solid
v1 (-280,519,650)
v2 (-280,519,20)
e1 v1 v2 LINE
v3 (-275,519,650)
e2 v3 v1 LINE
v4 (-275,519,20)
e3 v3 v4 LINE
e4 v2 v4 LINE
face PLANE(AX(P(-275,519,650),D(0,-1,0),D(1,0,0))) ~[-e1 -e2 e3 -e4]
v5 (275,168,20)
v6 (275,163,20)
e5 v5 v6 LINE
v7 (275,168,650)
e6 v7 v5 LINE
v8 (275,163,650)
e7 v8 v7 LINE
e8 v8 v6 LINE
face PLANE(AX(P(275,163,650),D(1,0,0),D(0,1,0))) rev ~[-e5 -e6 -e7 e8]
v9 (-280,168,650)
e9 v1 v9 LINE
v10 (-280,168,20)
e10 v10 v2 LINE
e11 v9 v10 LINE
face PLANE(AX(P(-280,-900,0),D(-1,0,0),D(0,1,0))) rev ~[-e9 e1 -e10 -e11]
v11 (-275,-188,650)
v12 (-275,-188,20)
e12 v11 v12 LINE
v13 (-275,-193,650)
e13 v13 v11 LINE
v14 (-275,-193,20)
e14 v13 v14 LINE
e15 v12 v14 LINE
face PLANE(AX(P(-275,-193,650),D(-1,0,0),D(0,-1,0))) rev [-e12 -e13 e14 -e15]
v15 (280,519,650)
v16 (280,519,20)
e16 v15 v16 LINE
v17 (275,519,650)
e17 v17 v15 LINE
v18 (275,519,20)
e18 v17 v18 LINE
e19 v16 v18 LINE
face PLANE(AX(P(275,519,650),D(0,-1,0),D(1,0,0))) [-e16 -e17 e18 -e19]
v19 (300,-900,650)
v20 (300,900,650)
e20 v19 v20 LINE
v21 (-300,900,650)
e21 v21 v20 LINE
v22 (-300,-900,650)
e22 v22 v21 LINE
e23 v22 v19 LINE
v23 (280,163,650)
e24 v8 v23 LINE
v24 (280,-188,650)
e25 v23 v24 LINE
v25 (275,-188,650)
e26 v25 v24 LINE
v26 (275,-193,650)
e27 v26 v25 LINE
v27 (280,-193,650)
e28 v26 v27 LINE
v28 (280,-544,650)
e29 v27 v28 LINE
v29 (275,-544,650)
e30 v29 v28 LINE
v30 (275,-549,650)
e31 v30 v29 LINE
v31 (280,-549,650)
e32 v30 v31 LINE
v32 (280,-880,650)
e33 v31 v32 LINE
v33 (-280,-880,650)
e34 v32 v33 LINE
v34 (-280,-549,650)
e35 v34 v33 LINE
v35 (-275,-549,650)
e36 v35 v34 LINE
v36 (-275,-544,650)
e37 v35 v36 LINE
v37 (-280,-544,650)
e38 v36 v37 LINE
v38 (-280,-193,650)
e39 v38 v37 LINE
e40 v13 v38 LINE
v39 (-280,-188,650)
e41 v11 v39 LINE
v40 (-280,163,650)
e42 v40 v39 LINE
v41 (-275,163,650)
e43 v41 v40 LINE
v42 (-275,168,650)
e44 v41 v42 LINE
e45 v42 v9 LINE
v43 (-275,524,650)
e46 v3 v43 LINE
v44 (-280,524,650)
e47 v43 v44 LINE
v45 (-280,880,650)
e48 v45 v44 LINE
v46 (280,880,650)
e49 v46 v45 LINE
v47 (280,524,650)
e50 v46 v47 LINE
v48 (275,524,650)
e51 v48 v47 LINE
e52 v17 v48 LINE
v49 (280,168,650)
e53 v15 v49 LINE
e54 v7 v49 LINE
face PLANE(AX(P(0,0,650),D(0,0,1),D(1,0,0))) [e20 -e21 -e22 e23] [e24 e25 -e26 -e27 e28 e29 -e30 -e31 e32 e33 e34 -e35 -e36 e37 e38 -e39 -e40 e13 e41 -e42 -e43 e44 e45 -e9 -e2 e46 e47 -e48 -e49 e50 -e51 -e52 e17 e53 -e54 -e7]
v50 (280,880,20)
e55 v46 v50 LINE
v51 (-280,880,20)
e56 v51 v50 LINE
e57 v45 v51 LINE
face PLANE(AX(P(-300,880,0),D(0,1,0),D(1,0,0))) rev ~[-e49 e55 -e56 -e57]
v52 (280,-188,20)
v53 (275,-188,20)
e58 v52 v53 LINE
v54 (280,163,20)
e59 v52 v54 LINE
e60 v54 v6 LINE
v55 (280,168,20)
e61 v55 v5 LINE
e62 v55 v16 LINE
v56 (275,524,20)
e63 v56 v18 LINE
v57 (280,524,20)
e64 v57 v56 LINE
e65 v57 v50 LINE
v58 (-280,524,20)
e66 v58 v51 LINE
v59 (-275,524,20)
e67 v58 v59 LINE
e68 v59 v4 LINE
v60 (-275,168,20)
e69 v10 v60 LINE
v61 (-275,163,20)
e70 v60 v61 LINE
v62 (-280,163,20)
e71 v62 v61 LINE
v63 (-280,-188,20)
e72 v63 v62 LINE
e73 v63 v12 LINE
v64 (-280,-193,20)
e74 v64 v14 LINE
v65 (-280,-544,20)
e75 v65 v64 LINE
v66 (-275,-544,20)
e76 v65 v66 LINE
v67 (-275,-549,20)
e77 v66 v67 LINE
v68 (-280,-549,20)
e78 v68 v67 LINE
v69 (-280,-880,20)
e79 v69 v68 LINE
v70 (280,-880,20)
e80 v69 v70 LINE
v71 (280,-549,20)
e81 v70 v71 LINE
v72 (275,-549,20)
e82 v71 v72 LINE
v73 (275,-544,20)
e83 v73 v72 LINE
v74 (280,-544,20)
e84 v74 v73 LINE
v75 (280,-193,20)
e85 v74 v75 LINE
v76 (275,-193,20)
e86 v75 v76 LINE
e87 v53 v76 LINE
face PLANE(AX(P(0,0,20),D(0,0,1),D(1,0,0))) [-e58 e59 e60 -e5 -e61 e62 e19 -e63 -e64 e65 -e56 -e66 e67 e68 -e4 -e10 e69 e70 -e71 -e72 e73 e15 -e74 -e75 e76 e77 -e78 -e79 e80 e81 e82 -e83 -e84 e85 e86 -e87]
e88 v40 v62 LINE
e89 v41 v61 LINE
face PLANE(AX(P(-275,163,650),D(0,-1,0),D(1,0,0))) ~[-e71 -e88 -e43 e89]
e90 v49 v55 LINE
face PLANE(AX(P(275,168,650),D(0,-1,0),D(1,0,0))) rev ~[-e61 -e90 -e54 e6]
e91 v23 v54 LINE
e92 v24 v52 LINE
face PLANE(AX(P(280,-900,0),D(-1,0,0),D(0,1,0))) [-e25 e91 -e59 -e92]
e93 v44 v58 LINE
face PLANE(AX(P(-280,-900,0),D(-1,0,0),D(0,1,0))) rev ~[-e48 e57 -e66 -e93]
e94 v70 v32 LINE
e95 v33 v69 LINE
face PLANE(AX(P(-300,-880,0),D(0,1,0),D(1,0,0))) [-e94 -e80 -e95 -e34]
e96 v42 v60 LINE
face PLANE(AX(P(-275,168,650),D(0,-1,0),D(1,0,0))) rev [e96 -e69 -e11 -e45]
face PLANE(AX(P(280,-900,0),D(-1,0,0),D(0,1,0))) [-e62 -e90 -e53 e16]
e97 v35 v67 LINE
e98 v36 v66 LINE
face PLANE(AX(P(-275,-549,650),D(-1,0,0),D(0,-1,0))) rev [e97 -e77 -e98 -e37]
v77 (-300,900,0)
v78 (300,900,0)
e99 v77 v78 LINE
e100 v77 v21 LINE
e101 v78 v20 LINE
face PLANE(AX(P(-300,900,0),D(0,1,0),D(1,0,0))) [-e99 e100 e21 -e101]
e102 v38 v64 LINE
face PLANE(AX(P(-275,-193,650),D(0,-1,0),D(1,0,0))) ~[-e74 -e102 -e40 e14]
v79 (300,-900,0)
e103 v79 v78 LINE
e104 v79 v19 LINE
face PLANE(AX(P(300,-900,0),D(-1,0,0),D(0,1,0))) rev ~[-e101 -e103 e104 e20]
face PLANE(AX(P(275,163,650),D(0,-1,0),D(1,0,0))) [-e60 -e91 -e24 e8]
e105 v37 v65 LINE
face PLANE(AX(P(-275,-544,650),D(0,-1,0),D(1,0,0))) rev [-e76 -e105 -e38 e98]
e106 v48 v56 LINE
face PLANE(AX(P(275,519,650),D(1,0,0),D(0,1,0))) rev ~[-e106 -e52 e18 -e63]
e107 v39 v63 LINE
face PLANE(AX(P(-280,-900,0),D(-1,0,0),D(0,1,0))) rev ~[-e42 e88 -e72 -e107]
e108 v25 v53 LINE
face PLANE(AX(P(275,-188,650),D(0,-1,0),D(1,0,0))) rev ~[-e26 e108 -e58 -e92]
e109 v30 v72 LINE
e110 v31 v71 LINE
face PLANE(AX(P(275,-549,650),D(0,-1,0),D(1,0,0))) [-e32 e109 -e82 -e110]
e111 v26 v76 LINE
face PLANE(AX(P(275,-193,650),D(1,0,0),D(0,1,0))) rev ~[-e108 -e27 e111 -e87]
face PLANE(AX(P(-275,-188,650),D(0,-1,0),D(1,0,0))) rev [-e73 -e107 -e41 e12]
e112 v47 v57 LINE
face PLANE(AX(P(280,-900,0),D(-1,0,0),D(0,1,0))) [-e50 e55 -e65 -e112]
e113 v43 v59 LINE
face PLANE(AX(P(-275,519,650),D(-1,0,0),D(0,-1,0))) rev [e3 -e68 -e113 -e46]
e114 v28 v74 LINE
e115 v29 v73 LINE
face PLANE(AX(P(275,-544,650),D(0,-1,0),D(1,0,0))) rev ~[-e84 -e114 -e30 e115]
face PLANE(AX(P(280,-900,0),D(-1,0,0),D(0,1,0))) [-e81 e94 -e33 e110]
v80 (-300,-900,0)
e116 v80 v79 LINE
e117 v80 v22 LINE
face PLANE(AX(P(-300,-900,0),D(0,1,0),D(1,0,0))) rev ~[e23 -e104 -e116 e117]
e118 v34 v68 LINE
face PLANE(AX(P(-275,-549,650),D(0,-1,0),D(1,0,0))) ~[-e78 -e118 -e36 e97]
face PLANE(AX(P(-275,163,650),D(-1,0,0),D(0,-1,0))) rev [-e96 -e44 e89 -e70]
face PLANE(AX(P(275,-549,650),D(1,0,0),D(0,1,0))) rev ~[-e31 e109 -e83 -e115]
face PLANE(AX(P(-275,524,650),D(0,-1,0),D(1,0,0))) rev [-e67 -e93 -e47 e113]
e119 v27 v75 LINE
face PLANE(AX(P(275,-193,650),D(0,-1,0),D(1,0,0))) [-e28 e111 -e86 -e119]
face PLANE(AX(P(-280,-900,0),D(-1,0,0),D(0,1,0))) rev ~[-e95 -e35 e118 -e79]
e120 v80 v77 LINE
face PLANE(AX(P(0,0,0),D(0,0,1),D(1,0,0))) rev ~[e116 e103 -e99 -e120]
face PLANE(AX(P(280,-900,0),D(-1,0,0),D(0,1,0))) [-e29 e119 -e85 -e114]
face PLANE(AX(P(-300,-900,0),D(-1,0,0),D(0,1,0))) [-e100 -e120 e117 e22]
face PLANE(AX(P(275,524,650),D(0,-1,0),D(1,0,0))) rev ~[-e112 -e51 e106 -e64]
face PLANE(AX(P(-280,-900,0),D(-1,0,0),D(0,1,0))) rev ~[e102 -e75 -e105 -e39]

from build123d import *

# Parameters (mm, degrees)
SKETCH1_W           = 600
SKETCH1_H           = 1800
BOSS_EXTRUDE1_DEPTH = 650
SHELL1_T            = -20
BOSS_EXTRUDE2_REACH = 1152
SKETCH2_W           = 5
SKETCH2_H           = 5


with BuildPart() as part:
    # Sketch1 → Boss-Extrude1 (new body)
    with BuildSketch(Plane.XY):
        Rectangle(SKETCH1_W, SKETCH1_H)
    extrude(amount=BOSS_EXTRUDE1_DEPTH)

    # Shell1
    shell1_openings = [part.faces().sort_by_distance(p)[0] for p in [
        (0, 0, 650),
    ]]
    offset(amount=SHELL1_T, openings=shell1_openings, kind=Kind.INTERSECTION)

    # Sketch2 → Boss-Extrude2 (add, up to next)
    with BuildSketch(Plane.XY.offset(650), mode=Mode.PRIVATE) as boss_extrude2_sk1:
        with Locations((277.5, 521.5)):
            Rectangle(SKETCH2_W, SKETCH2_H)
    boss_extrude2_tool1 = extrude(boss_extrude2_sk1.sketch, amount=-BOSS_EXTRUDE2_REACH, mode=Mode.PRIVATE) - part.part
    # Sketch2 → Boss-Extrude2 (add, up to next)
    with BuildSketch(Plane.XY.offset(650), mode=Mode.PRIVATE) as boss_extrude2_sk2:
        with Locations((277.5, 165.5)):
            Rectangle(SKETCH2_W, SKETCH2_H)
    boss_extrude2_tool2 = extrude(boss_extrude2_sk2.sketch, amount=-BOSS_EXTRUDE2_REACH, mode=Mode.PRIVATE) - part.part
    # Sketch2 → Boss-Extrude2 (add, up to next)
    with BuildSketch(Plane.XY.offset(650), mode=Mode.PRIVATE) as boss_extrude2_sk3:
        with Locations((277.5, -190.5)):
            Rectangle(SKETCH2_W, SKETCH2_H)
    boss_extrude2_tool3 = extrude(boss_extrude2_sk3.sketch, amount=-BOSS_EXTRUDE2_REACH, mode=Mode.PRIVATE) - part.part
    # Sketch2 → Boss-Extrude2 (add, up to next)
    with BuildSketch(Plane.XY.offset(650), mode=Mode.PRIVATE) as boss_extrude2_sk4:
        with Locations((277.5, -546.5)):
            Rectangle(SKETCH2_W, SKETCH2_H)
    boss_extrude2_tool4 = extrude(boss_extrude2_sk4.sketch, amount=-BOSS_EXTRUDE2_REACH, mode=Mode.PRIVATE) - part.part
    boss_extrude2_1 = boss_extrude2_tool1.solids().sort_by_distance((277.5, 521.5, 650))[0]
    add(boss_extrude2_1)
    boss_extrude2_2 = boss_extrude2_tool2.solids().sort_by_distance((277.5, 165.5, 650))[0]
    add(boss_extrude2_2)
    boss_extrude2_3 = boss_extrude2_tool3.solids().sort_by_distance((277.5, -190.5, 650))[0]
    add(boss_extrude2_3)
    boss_extrude2_4 = boss_extrude2_tool4.solids().sort_by_distance((277.5, -546.5, 650))[0]
    add(boss_extrude2_4)
    boss_extrude2 = boss_extrude2_1 + boss_extrude2_2 + boss_extrude2_3 + boss_extrude2_4  # Boss-Extrude2 as one shape, for the pattern or mirror that repeats it

    # Mirror1: Boss-Extrude2 across plane
    add(boss_extrude2.mirror(Plane(origin=(0, 0, 0), x_dir=(0, 0, 1), z_dir=(1, 0, 0))))


solid = part.part
